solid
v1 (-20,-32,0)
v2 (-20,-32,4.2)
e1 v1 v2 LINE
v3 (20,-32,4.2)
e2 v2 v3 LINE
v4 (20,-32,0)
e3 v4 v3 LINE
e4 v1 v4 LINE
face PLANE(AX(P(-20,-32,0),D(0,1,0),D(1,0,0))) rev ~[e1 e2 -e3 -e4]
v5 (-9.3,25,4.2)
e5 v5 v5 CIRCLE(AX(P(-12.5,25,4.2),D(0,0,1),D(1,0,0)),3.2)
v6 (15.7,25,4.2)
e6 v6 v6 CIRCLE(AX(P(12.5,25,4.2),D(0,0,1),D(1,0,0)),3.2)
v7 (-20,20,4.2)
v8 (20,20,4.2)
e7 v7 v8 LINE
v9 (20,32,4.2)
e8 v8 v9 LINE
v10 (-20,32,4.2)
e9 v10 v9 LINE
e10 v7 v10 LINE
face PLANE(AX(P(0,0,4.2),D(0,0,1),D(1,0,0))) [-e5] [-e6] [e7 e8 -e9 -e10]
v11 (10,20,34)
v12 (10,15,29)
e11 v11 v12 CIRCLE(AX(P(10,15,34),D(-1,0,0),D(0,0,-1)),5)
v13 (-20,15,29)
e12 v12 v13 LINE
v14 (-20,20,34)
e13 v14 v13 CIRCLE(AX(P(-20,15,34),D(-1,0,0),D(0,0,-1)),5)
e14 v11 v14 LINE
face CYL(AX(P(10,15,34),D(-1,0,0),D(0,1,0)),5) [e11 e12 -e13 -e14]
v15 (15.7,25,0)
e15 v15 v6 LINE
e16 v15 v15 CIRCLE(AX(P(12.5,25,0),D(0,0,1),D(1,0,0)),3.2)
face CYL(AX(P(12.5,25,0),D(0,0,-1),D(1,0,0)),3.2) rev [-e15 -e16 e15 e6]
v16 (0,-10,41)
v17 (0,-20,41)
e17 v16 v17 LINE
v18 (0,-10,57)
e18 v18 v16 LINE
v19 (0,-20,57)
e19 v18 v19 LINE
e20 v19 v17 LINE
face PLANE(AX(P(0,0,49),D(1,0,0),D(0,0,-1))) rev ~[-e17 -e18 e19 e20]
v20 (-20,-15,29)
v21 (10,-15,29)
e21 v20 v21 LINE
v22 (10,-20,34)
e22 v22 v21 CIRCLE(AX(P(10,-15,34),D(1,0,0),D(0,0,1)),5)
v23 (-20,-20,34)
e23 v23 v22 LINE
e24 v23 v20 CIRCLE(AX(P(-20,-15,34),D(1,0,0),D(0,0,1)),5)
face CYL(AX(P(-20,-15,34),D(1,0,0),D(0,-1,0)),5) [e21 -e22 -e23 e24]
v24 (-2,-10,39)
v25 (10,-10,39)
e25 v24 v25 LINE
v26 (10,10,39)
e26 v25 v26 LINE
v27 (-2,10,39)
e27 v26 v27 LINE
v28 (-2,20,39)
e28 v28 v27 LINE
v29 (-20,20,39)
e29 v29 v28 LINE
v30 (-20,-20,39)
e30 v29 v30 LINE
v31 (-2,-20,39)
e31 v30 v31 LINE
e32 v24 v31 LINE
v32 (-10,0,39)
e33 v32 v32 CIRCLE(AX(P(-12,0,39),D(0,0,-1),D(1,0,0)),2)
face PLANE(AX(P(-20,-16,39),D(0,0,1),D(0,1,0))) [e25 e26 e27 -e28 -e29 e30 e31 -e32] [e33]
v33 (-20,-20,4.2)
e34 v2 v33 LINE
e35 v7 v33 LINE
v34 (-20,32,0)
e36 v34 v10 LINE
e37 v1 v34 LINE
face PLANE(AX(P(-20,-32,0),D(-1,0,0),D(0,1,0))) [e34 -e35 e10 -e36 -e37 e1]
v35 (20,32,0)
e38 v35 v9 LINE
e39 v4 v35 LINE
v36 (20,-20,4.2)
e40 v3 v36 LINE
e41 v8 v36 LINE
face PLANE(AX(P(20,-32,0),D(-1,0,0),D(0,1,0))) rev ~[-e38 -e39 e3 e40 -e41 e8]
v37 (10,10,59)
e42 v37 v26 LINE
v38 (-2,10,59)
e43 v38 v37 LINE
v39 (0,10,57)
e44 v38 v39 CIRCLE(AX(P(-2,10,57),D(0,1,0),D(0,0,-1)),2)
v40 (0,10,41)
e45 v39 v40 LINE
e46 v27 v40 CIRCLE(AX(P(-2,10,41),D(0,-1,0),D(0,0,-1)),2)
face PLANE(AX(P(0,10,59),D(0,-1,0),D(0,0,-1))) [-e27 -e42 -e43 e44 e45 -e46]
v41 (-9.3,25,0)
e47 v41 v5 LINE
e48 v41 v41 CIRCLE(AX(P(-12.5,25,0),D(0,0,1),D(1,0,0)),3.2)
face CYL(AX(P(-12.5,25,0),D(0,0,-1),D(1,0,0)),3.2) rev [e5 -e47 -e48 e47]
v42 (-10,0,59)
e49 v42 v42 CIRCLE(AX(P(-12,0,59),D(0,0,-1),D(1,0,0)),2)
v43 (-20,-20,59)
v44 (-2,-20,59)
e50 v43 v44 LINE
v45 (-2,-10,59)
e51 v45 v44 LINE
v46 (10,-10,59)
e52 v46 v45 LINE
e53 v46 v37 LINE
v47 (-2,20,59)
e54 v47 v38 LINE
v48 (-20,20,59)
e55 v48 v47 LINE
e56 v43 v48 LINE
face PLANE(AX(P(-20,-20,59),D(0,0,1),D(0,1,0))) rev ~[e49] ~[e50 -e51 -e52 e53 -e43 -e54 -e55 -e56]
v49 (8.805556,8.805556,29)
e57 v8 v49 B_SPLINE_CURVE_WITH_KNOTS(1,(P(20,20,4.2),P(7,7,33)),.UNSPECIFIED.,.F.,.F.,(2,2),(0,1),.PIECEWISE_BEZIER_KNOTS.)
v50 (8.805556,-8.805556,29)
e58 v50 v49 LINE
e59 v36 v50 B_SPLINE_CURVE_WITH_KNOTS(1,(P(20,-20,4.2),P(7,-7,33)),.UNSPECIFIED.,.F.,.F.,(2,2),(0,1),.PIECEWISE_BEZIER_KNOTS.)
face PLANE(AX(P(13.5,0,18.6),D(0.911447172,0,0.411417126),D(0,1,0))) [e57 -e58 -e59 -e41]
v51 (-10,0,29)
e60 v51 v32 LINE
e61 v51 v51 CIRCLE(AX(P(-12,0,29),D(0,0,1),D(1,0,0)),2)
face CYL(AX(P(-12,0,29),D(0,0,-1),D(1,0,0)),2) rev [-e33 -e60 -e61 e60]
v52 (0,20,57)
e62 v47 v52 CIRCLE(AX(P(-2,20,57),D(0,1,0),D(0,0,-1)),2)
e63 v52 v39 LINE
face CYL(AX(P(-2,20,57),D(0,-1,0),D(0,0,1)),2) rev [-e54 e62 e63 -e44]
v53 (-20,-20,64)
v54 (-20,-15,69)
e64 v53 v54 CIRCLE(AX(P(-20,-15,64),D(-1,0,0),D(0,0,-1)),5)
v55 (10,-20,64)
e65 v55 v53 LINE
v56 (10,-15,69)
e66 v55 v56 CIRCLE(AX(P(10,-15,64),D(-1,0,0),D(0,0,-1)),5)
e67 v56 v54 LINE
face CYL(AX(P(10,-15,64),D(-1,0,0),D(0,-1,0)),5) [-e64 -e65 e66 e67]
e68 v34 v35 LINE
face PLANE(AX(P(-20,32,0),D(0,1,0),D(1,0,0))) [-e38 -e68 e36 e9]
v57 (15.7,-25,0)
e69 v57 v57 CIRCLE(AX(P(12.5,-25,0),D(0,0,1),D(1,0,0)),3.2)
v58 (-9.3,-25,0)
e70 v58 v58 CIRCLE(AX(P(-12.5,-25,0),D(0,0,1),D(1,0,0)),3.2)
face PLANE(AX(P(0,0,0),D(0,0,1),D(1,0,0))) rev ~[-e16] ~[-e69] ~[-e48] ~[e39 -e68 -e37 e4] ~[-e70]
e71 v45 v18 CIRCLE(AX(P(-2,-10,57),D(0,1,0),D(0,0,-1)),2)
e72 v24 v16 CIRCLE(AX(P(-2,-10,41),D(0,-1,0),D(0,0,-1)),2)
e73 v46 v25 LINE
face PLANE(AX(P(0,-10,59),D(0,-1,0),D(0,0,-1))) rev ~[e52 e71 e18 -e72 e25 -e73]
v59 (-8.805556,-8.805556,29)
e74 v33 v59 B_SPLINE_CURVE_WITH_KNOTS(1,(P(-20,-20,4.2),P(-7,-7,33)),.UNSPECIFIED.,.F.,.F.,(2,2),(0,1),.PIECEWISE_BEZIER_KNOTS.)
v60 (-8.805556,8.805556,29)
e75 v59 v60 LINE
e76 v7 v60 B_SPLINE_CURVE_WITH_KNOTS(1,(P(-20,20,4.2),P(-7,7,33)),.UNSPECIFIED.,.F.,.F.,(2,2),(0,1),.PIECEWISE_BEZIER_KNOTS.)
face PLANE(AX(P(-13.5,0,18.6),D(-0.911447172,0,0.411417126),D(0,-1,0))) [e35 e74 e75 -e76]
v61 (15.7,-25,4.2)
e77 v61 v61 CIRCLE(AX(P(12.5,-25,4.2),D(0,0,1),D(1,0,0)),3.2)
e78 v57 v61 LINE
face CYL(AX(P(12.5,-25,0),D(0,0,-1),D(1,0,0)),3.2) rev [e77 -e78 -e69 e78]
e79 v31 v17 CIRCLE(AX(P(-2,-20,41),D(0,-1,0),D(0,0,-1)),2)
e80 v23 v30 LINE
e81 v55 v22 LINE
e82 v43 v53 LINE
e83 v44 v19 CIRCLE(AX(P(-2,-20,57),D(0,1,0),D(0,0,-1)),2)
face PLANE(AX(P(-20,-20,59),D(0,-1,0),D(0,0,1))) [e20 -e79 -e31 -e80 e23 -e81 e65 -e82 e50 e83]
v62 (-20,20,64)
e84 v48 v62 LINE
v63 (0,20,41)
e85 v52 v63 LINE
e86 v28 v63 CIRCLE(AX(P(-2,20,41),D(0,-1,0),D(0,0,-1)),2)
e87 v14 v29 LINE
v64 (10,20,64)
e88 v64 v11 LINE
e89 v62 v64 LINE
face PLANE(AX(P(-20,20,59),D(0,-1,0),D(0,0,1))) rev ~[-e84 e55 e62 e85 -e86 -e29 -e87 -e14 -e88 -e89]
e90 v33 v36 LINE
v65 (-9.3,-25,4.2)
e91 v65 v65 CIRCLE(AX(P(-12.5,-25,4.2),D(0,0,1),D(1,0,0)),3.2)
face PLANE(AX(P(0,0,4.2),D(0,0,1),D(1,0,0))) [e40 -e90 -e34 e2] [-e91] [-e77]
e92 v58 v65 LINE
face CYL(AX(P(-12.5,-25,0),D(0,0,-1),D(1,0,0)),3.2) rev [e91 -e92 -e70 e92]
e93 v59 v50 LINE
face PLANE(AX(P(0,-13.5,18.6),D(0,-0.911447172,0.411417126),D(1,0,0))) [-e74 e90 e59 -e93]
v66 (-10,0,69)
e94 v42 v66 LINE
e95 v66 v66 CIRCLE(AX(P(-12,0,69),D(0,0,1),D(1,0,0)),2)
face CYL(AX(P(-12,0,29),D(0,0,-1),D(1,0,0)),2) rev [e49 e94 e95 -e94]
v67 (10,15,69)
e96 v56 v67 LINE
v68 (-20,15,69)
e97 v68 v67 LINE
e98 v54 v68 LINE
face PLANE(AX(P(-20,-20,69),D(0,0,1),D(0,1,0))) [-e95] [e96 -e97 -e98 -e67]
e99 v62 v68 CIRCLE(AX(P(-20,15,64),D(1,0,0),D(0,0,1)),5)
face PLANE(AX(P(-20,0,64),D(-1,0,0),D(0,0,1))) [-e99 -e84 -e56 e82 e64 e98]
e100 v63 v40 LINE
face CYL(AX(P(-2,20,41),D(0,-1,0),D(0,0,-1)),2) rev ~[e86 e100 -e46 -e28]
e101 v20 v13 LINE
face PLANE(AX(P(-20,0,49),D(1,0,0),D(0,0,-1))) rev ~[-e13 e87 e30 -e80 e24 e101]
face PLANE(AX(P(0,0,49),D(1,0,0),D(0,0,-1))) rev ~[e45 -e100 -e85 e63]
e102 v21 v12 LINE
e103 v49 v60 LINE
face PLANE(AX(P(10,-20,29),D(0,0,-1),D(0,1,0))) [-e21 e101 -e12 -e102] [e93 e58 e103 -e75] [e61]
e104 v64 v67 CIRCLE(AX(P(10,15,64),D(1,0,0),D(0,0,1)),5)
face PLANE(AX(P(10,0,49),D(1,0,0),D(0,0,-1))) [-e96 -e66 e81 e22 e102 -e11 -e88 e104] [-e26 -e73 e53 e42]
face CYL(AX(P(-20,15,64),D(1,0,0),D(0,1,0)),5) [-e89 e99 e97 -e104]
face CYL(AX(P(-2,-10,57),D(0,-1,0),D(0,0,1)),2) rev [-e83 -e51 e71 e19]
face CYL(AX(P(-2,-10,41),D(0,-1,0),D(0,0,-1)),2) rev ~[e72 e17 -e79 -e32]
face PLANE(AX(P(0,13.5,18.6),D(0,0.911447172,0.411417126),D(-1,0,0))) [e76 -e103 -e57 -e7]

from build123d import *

# Parameters (mm, degrees)
SKETCH_1_W           = 40
SKETCH_1_H           = 64
SKETCH_1_R           = 3.2
EXTRUDE_1_DEPTH      = 4.2
SKETCH_2_R           = 16
SKETCH_2_W           = 20
SKETCH_2_H           = 20
EXTRUDE_2_DEPTH      = 10
EXTRUDE_2_DEPTH_BACK = 20
SKETCH_3_W           = 20
SKETCH_3_H           = 32
CUT_EXTRUDE_1_DEPTH  = 20
EXTRUDE_3_DEPTH      = 3
SKETCH_7_W           = 14
SKETCH_7_H           = 6
EXTRUDE_4_DEPTH      = 0.283766
EXTRUDE_5_DEPTH      = 3
SKETCH_9_W           = 6
SKETCH_9_H           = 14
EXTRUDE_6_DEPTH      = 1.612505
SKETCH_10_W          = 40
SKETCH_10_H          = 40
SKETCH_11_W          = 14
SKETCH_11_H          = 14
SKETCH_12_W          = 14
SKETCH_12_H          = 14
EXTRUDE_8_DEPTH      = 6
SKETCH_14_W          = 40
SKETCH_14_H          = 40
SKETCH_14_W_2        = 20
SKETCH_14_H_2        = 20
EXTRUDE_10_DEPTH     = 10
SKETCH_15_W          = 10
SKETCH_15_H          = 40
EXTRUDE_11_DEPTH     = 20
CUT_EXTRUDE_START    = -10
SKETCH_4_R           = 2
CUT_EXTRUDE_2_DEPTH  = 40
FILLET_2_R           = 5
FILLET_3_R           = 2


with BuildPart() as part:
    # 스케치1 → 보스-돌출1 (new body)
    with BuildSketch(Plane.XY):
        Rectangle(SKETCH_1_W, SKETCH_1_H)
        with Locations((-12.5, 25)):
            Circle(SKETCH_1_R, mode=Mode.SUBTRACT)
        with Locations((12.5, 25)):
            Circle(SKETCH_1_R, mode=Mode.SUBTRACT)
        with Locations((12.5, -25)):
            Circle(SKETCH_1_R, mode=Mode.SUBTRACT)
        with Locations((-12.5, -25)):
            Circle(SKETCH_1_R, mode=Mode.SUBTRACT)
    extrude(amount=EXTRUDE_1_DEPTH)

    # 스케치5 → 보스-돌출3 (add, symmetric)
    with BuildSketch(Plane(origin=(0, 0, 0), x_dir=(1, 0, 0), z_dir=(0, 1, 0))):
        Polygon((-20, -4.2), (-7, -33), (7, -33), (20, -4.2), align=None)
        Polygon((-13.805819277, -8.2), (-4, -8.2), (-4, -29.923661167), align=None, mode=Mode.SUBTRACT)
        Polygon((4, -29.923661167), (13.805819277, -8.2), (4, -8.2), align=None, mode=Mode.SUBTRACT)
    extrude(amount=EXTRUDE_3_DEPTH, both=True)



with BuildPart() as body_2:
    # 스케치2 → 보스-돌출2 (new body, two sides)
    with BuildSketch(Plane(origin=(0, 0, 0), x_dir=(0, 0, -1), z_dir=(1, 0, 0))) as extrude_2_sk:
        with Locations((-49, 0)):
            Circle(SKETCH_2_R)
        with Locations((-49, 0)):
            Rectangle(SKETCH_2_W, SKETCH_2_H, mode=Mode.SUBTRACT)
    extrude(amount=EXTRUDE_2_DEPTH)
    extrude(extrude_2_sk.sketch, amount=-EXTRUDE_2_DEPTH_BACK)

    # 스케치3 → 컷-돌출1 (cut)
    with BuildSketch(Plane.ZY.offset(20)):
        with Locations((49, 0)):
            Rectangle(SKETCH_3_W, SKETCH_3_H)
    extrude(amount=-CUT_EXTRUDE_1_DEPTH, mode=Mode.SUBTRACT)


with BuildPart() as part_1:
    add(part.part)

    add(body_2.part)  # 보스-돌출4 merges body 2
    # 스케치7 → 보스-돌출4 (add)
    with BuildSketch(Plane.XY.offset(33)):
        Rectangle(SKETCH_7_W, SKETCH_7_H)
    extrude(amount=EXTRUDE_4_DEPTH)

    # 스케치8 → 보스-돌출5 (add, symmetric)
    with BuildSketch(Plane(origin=(0, 0, 0), x_dir=(0, 0, -1), z_dir=(1, 0, 0))):
        Polygon((-4.2, 20), (-33, 7), (-33, -7), (-4.2, -20), align=None)
        Polygon((-8.2, 13.805819277), (-8.2, 4), (-29.923661167, 4), align=None, mode=Mode.SUBTRACT)
        Polygon((-8.2, -4), (-29.923661167, -4), (-8.2, -13.805819277), align=None, mode=Mode.SUBTRACT)
    extrude(amount=EXTRUDE_5_DEPTH, both=True)

    # 스케치9 → 보스-돌출6 (add)
    with BuildSketch(Plane.XY.offset(33)):
        Rectangle(SKETCH_9_W, SKETCH_9_H)
    extrude(amount=EXTRUDE_6_DEPTH)

    # 스케치10 → 로프트1 section 0
    with BuildSketch(Plane.XY.offset(4.2)):
        Rectangle(SKETCH_10_W, SKETCH_10_H)
    # 스케치11 → 로프트1 section 1
    with BuildSketch(Plane.XY.offset(33)):
        Rectangle(SKETCH_11_W, SKETCH_11_H)
    loft()

    # 스케치12 → 보스-돌출8 (add)
    with BuildSketch(Plane.XY.offset(33)):
        Rectangle(SKETCH_12_W, SKETCH_12_H)
    extrude(amount=EXTRUDE_8_DEPTH)

    # 스케치14 → 보스-돌출10 (add)
    with BuildSketch(Plane(origin=(10, 0, 0), x_dir=(0, 0, -1), z_dir=(1, 0, 0))):
        with Locations((-49, 0)):
            Rectangle(SKETCH_14_W, SKETCH_14_H)
        with Locations((-49, 0)):
            Rectangle(SKETCH_14_W_2, SKETCH_14_H_2, mode=Mode.SUBTRACT)
    extrude(amount=-EXTRUDE_10_DEPTH)

    # 스케치15 → 보스-돌출11 (add)
    with BuildSketch(Plane.ZY.offset(20)):
        with Locations((64, 0)):
            Rectangle(SKETCH_15_W, SKETCH_15_H)
        with Locations((34, 0)):
            Rectangle(SKETCH_15_W, SKETCH_15_H)
    extrude(amount=-EXTRUDE_11_DEPTH)

    # 스케치4 → 컷-돌출2 (cut)
    with BuildSketch(Plane.XY.offset(39).offset(CUT_EXTRUDE_START)):
        with Locations((-12, 0)):
            Circle(SKETCH_4_R)
    extrude(amount=CUT_EXTRUDE_2_DEPTH, mode=Mode.SUBTRACT)

    # 필렛2
    fillet_2_edges = [part_1.edges().sort_by_distance(p)[0] for p in [
        (-5, 20, 29),
        (-5, -20, 29),
        (-5, -20, 69),
        (-5, 20, 69),
    ]]
    fillet(fillet_2_edges, radius=FILLET_2_R)

    # 필렛3
    fillet_3_edges = [part_1.edges().sort_by_distance(p)[0] for p in [
        (0, 15, 39),
        (0, -15, 39),
        (0, 15, 59),
        (0, -15, 59),
    ]]
    fillet(fillet_3_edges, radius=FILLET_3_R)


solid = part_1.part
